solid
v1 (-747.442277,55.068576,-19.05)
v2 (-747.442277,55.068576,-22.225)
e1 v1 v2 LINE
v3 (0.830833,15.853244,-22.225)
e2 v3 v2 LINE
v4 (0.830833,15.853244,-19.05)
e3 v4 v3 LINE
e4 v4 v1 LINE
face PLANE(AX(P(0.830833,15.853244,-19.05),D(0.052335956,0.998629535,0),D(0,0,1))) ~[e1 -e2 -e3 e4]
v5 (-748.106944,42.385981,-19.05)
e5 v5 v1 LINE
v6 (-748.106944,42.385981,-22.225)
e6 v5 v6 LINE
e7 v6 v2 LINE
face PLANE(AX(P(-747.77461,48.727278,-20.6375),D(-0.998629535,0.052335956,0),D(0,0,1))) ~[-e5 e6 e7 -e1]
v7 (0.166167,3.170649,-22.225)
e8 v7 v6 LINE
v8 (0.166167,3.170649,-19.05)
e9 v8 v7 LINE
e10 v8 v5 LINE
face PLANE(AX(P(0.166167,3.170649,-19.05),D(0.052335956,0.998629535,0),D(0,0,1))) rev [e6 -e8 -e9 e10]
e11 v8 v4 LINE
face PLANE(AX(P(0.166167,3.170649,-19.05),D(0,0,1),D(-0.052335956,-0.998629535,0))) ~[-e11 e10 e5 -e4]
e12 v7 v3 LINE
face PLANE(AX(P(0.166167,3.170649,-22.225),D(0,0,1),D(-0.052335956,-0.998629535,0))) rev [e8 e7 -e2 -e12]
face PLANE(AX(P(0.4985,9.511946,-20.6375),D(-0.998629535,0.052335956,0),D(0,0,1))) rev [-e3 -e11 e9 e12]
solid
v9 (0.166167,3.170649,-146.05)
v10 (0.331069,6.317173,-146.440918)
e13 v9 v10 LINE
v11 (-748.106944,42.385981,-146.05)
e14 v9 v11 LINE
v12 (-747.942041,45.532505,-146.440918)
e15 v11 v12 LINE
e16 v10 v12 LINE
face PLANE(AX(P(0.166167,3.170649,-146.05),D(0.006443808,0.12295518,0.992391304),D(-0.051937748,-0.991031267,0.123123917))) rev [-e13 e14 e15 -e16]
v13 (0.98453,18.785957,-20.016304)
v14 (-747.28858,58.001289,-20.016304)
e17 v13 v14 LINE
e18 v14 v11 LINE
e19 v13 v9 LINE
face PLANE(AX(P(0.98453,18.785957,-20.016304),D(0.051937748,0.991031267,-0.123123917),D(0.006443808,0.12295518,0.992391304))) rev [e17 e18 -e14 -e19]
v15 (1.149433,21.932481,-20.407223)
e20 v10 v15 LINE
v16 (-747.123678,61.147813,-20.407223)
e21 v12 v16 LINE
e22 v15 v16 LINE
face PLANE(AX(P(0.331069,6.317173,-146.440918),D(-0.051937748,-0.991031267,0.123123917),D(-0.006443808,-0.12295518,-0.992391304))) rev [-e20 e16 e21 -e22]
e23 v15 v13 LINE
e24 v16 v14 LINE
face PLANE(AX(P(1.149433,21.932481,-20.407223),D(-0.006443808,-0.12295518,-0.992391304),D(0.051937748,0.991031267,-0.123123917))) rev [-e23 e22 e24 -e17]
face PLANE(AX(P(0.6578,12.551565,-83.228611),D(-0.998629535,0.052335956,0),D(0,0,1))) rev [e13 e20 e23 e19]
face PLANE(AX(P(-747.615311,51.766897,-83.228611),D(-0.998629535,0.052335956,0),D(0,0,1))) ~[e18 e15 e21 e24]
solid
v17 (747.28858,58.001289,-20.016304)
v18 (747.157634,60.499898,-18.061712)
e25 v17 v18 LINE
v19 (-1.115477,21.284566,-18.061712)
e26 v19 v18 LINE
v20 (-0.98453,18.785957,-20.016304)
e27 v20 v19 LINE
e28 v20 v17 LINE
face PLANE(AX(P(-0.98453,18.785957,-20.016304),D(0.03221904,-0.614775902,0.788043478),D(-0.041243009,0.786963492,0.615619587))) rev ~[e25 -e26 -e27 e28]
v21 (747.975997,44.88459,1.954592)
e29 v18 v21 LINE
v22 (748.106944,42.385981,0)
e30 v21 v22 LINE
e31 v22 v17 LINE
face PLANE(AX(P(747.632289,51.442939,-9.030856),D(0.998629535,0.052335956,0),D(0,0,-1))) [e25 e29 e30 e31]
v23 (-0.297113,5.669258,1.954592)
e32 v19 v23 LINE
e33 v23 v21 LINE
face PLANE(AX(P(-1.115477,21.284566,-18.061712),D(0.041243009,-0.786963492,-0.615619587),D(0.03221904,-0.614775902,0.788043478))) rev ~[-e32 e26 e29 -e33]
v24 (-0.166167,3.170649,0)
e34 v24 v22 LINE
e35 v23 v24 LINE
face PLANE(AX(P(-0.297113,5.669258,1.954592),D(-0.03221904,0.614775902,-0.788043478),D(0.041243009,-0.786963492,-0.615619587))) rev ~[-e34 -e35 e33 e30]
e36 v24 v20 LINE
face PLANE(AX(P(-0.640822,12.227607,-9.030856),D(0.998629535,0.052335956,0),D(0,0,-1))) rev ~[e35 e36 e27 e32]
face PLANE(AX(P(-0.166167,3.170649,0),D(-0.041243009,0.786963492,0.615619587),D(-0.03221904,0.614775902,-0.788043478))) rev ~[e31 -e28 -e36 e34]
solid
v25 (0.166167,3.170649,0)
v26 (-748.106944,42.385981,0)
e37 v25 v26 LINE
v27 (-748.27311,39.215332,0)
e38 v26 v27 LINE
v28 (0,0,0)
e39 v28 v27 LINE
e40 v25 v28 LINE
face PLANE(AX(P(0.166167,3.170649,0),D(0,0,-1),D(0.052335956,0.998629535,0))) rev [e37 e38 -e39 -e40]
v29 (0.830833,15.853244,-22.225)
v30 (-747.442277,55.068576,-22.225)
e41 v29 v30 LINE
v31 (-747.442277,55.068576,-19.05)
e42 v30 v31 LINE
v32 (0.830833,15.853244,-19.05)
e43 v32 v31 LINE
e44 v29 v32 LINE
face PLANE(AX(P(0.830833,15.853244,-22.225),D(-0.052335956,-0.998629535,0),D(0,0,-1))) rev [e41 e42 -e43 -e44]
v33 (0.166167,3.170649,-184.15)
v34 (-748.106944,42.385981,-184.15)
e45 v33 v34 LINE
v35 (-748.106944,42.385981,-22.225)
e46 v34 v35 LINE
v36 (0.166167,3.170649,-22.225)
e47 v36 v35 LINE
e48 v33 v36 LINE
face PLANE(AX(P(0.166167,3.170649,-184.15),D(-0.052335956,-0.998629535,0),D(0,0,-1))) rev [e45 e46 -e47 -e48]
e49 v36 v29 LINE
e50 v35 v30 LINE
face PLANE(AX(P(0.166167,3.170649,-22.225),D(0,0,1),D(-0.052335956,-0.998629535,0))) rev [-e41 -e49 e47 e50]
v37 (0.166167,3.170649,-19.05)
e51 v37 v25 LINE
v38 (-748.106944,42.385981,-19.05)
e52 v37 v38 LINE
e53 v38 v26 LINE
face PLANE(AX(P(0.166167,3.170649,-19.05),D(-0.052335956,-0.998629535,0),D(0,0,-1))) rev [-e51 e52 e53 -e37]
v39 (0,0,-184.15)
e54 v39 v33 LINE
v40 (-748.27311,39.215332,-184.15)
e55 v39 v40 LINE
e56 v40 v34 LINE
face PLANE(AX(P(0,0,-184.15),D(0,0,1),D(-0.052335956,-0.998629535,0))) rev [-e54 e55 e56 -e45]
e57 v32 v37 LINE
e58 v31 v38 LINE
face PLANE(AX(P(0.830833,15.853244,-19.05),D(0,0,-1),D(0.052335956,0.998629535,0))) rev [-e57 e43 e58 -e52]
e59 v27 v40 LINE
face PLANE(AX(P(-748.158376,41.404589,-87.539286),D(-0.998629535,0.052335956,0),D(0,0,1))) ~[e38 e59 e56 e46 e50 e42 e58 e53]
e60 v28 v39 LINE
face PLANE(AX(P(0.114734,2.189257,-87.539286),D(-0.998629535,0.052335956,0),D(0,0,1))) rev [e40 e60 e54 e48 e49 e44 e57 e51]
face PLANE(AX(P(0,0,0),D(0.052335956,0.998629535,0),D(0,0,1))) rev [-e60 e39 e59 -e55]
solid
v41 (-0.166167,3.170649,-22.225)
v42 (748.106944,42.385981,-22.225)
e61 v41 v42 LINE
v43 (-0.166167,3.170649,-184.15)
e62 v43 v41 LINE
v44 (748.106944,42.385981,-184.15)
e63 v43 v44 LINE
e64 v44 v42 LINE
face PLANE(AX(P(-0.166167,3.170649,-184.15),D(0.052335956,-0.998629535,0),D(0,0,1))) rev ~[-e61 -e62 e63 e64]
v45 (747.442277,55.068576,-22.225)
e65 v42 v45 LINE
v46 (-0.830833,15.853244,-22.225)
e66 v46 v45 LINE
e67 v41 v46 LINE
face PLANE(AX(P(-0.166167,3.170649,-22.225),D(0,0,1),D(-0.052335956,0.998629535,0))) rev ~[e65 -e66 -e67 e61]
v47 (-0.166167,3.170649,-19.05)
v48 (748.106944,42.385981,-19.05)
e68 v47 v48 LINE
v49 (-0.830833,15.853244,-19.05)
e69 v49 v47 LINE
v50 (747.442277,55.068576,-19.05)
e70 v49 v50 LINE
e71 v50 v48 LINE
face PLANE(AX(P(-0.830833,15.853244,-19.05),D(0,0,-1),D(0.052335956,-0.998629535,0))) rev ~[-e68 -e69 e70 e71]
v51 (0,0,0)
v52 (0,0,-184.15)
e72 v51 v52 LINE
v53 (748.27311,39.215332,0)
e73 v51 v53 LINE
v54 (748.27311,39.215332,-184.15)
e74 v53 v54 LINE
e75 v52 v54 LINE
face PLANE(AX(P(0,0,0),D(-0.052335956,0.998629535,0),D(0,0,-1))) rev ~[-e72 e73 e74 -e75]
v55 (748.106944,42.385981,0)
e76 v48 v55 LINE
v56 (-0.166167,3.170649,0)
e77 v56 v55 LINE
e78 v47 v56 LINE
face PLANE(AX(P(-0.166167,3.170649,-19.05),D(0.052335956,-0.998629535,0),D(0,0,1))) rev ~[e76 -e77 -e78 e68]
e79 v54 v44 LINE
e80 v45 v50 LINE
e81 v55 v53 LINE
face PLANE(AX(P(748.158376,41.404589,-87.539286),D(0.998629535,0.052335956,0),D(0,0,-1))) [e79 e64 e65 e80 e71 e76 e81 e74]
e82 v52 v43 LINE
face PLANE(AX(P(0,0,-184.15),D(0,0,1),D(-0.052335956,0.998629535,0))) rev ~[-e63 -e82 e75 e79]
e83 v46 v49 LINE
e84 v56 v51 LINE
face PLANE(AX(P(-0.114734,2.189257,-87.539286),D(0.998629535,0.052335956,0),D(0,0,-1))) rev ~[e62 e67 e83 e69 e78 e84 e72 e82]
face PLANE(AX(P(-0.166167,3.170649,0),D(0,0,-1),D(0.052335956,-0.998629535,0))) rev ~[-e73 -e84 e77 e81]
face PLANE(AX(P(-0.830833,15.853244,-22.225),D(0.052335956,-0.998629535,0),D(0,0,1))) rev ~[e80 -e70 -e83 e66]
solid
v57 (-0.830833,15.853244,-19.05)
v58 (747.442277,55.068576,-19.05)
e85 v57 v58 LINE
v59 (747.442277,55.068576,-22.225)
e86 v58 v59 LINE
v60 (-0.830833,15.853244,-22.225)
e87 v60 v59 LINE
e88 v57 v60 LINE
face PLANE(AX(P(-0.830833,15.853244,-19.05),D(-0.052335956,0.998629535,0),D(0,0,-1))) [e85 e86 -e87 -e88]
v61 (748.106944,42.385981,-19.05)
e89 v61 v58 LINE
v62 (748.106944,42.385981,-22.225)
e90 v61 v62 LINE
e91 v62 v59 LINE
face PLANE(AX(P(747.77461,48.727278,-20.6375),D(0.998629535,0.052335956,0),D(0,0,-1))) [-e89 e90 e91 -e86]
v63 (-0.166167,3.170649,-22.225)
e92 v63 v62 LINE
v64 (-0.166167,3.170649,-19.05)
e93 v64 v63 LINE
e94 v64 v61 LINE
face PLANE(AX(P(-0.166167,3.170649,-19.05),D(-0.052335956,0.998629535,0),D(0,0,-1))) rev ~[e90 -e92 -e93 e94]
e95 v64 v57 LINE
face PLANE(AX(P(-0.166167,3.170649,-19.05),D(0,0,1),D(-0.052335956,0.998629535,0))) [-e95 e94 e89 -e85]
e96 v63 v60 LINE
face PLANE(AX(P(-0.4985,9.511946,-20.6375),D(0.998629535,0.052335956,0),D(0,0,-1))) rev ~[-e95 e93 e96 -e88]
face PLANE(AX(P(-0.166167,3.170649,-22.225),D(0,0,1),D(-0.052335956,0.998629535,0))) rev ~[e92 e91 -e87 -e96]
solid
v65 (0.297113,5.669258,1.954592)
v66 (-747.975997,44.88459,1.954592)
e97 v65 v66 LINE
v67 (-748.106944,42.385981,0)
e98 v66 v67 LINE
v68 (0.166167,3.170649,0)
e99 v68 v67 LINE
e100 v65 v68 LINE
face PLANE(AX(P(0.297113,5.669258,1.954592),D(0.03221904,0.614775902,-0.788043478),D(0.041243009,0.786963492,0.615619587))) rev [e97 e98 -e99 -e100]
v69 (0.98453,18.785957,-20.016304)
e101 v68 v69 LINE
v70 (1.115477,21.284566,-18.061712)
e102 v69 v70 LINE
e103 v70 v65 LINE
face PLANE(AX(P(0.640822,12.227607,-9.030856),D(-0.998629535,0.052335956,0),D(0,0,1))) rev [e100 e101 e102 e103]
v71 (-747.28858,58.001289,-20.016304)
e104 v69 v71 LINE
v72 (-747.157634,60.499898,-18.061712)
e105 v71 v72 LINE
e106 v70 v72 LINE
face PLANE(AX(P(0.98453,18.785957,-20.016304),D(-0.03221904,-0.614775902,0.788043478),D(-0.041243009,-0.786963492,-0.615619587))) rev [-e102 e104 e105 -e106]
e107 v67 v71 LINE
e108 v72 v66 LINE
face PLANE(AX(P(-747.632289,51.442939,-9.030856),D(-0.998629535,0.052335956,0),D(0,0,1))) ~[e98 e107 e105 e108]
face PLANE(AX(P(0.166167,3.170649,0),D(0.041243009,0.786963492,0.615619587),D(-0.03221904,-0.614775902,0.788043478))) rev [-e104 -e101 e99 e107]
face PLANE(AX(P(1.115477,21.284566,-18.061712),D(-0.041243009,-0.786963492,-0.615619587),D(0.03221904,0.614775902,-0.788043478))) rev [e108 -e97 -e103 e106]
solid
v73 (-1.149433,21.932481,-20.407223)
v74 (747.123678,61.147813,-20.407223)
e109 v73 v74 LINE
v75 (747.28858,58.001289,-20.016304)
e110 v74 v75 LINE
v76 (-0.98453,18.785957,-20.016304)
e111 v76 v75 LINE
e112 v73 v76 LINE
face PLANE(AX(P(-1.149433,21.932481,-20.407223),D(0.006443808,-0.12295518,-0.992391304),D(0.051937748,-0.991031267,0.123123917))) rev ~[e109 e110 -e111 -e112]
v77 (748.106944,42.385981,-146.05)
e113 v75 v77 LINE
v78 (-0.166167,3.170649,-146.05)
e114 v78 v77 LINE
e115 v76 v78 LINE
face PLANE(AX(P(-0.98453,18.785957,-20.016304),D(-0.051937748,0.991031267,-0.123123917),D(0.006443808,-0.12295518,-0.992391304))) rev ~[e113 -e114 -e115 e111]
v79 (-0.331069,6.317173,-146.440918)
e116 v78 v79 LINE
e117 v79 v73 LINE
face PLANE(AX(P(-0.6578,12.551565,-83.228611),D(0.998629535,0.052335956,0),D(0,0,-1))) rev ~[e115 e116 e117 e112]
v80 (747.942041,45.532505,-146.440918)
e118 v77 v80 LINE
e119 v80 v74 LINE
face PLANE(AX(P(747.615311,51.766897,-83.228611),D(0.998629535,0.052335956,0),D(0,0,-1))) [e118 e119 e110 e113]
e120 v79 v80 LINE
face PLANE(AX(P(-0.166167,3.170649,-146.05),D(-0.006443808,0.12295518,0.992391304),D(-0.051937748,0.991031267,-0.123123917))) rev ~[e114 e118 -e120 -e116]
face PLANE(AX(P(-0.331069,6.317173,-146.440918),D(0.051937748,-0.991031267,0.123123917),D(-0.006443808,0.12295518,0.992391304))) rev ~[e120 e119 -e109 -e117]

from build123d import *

# Parameters (mm, degrees)
BOSS_EXTRUDE4_DEPTH   = 749.3
BOSS_EXTRUDE4_2_DEPTH = 749.3
BOSS_EXTRUDE4_3_DEPTH = 749.3
SKETCH1_3_W           = 3.175
SKETCH1_3_H           = 12.7
BOSS_EXTRUDE6_DEPTH   = 749.3


with BuildPart() as part:
    # Sketch1 → Boss-Extrude4 (new body)
    with BuildSketch(Plane(origin=(0, 0, 0), x_dir=(0, 0, -1), z_dir=(0.9986295347545743, 0.05233595624293715, 0))):
        Polygon((0, 3.175), (0, 0), (184.15, 0), (184.15, 3.175), (146.05, 3.175), (22.225, 3.175), (22.225, 15.875), (19.05, 15.875), (19.05, 3.175), align=None)
    extrude(amount=BOSS_EXTRUDE4_DEPTH)


with BuildPart() as body_2:
    # Sketch1 → Boss-Extrude4 2 (new body)
    with BuildSketch(Plane(origin=(0, 0, 0), x_dir=(0, 0, -1), z_dir=(0.9986295347545743, 0.05233595624293715, 0))):
        Polygon((-1.95459219, 5.677038043), (0, 3.175), (20.016304348, 18.81173752), (18.061712158, 21.313775563), align=None)
    extrude(amount=BOSS_EXTRUDE4_2_DEPTH)


with BuildPart() as body_3:
    # Sketch1 → Boss-Extrude4 3 (new body)
    with BuildSketch(Plane(origin=(0, 0, 0), x_dir=(0, 0, -1), z_dir=(0.9986295347545743, 0.05233595624293715, 0))):
        Polygon((20.407222786, 21.962579911), (20.016304348, 18.81173752), (146.05, 3.175), (146.440918438, 6.325842391), align=None)
    extrude(amount=BOSS_EXTRUDE4_3_DEPTH)


with BuildPart() as body_4:
    # Sketch1<3> → Boss-Extrude6 (new body)
    with BuildSketch(Plane(origin=(0, 0, 0), x_dir=(0, 0, -1), z_dir=(0.9986295347545743, 0.05233595624293715, 0))):
        with Locations((20.6375, 9.525)):
            Rectangle(SKETCH1_3_W, SKETCH1_3_H)
    extrude(amount=BOSS_EXTRUDE6_DEPTH)


with BuildPart() as body_5:
    # Mirror5: mirrored copy
    add(body_2.part.mirror(Plane(origin=(0, 0, 0), x_dir=(0, 0, 1), z_dir=(1, 0, 0))))


with BuildPart() as body_6:
    # Mirror5 2: mirrored copy
    add(part.part.mirror(Plane(origin=(0, 0, 0), x_dir=(0, 0, 1), z_dir=(1, 0, 0))))


with BuildPart() as body_7:
    # Mirror5 3: mirrored copy
    add(body_4.part.mirror(Plane(origin=(0, 0, 0), x_dir=(0, 0, 1), z_dir=(1, 0, 0))))


with BuildPart() as body_8:
    # Mirror5 4: mirrored copy
    add(body_3.part.mirror(Plane(origin=(0, 0, 0), x_dir=(0, 0, 1), z_dir=(1, 0, 0))))


solid = Compound([part.part, body_2.part, body_3.part, body_4.part, body_5.part, body_6.part, body_7.part, body_8.part])
